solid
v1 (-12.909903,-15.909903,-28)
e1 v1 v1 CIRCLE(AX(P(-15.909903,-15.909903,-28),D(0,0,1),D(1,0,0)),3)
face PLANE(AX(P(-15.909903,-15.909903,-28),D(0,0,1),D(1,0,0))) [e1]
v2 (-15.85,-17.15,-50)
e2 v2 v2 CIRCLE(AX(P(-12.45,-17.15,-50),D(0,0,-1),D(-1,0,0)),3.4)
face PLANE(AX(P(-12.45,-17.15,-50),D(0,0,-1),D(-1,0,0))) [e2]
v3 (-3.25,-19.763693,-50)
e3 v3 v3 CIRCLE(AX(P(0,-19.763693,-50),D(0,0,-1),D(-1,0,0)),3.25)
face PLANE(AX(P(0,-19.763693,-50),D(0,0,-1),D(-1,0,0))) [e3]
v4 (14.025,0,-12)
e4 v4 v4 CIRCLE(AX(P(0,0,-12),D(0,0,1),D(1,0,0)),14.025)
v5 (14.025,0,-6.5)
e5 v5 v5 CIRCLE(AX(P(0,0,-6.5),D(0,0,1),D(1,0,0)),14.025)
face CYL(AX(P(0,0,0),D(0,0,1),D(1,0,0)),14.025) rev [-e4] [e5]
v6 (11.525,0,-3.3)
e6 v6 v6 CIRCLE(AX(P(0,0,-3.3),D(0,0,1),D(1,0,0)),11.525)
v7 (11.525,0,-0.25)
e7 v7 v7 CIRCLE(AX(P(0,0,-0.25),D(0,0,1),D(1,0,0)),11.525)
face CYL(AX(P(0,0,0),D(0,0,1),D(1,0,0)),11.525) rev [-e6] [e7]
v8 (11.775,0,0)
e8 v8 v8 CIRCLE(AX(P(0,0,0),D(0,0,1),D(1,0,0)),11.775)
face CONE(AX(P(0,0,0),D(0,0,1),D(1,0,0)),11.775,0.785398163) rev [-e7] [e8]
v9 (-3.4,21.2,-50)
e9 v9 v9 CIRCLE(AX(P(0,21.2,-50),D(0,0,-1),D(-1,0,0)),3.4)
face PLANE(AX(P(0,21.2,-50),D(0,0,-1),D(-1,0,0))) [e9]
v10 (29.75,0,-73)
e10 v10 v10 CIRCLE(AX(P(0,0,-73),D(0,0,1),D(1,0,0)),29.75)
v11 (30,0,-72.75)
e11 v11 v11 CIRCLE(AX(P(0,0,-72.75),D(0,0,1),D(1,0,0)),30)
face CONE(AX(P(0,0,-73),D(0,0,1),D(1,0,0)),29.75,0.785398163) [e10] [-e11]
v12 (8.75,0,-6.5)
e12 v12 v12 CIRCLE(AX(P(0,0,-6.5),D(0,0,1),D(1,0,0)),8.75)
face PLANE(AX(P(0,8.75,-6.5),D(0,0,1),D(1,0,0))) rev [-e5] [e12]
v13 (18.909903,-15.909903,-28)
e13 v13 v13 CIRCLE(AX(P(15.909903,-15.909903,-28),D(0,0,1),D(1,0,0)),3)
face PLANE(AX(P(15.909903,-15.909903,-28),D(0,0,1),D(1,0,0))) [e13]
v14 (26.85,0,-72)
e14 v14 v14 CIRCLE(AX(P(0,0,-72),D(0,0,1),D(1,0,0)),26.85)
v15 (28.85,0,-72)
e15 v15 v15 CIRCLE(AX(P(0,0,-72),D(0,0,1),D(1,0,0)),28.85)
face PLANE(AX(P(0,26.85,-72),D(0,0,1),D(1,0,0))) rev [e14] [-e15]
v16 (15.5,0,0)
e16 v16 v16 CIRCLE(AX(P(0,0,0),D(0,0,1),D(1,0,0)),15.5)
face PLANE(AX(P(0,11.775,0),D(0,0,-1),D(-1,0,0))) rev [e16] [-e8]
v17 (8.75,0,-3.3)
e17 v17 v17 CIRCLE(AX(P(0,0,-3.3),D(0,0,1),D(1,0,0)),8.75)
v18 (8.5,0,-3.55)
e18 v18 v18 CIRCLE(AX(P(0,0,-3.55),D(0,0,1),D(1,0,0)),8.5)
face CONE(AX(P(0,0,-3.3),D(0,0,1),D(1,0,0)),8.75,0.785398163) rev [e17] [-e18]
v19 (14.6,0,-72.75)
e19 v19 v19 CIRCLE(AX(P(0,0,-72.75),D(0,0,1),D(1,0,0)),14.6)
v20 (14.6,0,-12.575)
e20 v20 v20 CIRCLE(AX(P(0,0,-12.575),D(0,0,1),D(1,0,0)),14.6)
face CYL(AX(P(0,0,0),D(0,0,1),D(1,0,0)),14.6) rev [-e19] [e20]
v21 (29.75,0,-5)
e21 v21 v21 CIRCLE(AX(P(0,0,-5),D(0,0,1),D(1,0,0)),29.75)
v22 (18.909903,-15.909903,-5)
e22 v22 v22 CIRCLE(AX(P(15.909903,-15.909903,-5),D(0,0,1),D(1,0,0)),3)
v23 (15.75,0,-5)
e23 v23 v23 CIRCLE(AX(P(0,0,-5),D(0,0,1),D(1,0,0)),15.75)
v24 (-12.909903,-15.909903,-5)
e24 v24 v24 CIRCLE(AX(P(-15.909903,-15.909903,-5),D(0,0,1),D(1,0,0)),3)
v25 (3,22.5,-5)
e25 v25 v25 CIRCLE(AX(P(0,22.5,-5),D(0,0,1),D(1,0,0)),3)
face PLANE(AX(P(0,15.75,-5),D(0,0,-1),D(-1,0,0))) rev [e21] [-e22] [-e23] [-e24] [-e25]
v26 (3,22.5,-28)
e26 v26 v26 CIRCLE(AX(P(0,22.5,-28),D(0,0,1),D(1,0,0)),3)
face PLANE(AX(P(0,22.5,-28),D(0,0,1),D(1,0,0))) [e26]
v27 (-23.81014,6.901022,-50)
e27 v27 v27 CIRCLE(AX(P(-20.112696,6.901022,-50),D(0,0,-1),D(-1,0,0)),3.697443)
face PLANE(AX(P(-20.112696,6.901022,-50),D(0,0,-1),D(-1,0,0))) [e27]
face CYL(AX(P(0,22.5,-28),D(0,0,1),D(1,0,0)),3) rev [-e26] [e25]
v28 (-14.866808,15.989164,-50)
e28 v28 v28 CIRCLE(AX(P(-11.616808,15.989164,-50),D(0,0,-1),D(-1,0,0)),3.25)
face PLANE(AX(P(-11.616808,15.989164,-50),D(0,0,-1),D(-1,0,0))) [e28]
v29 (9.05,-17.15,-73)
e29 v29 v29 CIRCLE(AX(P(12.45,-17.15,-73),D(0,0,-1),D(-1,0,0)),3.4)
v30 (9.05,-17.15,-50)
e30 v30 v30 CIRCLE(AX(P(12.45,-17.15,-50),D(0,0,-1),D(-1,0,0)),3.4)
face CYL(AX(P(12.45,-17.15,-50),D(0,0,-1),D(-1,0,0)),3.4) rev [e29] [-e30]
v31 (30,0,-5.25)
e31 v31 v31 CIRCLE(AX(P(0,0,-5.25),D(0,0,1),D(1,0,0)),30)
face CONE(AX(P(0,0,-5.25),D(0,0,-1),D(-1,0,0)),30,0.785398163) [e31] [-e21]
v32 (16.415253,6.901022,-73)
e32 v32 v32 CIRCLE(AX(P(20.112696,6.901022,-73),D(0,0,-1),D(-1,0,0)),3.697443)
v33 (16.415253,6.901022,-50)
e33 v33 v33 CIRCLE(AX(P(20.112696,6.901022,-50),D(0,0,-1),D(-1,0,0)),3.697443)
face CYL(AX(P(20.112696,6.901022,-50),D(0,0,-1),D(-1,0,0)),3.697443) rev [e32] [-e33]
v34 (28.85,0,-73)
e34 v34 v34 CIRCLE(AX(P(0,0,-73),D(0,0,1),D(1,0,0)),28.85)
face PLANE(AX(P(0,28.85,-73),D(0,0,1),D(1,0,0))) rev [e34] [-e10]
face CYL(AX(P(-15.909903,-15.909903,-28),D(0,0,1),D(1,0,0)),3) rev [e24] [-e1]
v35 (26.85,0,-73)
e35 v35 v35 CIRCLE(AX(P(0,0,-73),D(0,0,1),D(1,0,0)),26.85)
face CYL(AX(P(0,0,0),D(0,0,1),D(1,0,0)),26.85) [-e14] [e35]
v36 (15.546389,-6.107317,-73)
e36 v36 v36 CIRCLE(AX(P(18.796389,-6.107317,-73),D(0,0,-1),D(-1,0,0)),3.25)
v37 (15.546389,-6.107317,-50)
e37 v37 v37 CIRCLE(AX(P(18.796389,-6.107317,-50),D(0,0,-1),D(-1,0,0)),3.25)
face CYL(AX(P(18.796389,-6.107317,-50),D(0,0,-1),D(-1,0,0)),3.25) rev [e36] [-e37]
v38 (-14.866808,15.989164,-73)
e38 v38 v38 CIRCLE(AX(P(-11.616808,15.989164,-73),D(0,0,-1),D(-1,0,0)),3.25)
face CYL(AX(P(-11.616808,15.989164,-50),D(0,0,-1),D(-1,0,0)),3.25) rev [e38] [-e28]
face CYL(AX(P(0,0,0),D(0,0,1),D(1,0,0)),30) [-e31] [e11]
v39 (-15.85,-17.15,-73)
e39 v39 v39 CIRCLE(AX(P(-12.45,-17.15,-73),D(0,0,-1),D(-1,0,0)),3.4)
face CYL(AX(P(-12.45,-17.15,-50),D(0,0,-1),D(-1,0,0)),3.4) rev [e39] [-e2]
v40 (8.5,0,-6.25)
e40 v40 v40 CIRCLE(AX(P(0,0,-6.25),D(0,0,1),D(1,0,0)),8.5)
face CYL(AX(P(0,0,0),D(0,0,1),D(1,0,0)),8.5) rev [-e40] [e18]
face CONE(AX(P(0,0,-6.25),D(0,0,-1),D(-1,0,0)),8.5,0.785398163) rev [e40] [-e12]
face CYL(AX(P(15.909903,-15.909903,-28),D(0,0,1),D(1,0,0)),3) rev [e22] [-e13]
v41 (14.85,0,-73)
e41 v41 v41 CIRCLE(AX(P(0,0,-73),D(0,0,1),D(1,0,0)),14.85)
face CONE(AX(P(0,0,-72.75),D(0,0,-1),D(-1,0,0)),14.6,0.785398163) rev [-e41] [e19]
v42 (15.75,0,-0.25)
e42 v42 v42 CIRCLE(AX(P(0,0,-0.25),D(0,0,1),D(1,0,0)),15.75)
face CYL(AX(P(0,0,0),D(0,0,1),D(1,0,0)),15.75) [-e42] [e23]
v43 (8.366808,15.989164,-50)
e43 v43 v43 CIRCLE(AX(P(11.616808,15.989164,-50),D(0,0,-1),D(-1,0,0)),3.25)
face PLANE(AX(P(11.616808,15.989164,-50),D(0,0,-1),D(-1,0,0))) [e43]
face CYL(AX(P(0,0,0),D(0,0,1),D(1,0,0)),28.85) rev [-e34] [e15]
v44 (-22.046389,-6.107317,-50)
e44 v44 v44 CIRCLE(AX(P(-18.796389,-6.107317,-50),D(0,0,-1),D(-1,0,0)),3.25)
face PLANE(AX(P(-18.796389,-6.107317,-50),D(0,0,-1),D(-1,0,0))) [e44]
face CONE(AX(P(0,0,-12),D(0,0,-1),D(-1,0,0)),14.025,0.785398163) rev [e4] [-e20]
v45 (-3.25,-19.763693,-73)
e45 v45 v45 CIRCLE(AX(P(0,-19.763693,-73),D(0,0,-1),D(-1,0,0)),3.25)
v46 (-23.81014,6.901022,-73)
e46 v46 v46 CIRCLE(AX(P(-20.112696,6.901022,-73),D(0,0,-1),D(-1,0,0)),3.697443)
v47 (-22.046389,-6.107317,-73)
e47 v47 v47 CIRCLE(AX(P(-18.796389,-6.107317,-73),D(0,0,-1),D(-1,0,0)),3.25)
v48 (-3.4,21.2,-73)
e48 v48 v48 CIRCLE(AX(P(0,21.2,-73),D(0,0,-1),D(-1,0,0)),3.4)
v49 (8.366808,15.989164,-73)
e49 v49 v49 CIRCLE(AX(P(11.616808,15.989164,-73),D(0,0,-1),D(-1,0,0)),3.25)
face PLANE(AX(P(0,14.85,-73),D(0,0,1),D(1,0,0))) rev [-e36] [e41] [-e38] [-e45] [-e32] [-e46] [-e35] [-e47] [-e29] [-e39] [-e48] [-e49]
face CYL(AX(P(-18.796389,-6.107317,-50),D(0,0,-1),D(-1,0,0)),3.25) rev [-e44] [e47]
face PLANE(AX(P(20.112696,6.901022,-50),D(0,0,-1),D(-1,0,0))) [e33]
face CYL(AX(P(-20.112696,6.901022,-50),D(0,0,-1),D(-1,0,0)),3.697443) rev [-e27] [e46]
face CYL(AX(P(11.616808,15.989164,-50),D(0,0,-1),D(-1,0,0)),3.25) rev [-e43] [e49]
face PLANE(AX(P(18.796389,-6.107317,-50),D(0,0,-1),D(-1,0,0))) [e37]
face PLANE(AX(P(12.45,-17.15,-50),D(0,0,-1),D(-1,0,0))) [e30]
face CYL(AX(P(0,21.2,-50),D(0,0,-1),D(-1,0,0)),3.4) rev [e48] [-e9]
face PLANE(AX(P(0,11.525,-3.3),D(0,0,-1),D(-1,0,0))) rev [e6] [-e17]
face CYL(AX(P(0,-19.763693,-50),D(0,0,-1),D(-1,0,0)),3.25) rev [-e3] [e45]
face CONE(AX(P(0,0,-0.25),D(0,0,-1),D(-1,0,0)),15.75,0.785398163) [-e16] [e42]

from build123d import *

# Parameters (mm, degrees)
SKETCH2_R          = 3
CUT_EXTRUDE1_DEPTH = 23
SKETCH3_R          = 3.25
SKETCH3_R_2        = 3.4
SKETCH3_R_3        = 3.697443322
CUT_EXTRUDE2_DEPTH = 23


with BuildPart() as part:
    # Sketch1 → Revolve1 (revolve)
    with BuildSketch(Plane(origin=(0, 0, 0), x_dir=(0, 0, -1), z_dir=(1, 0, 0)), mode=Mode.PRIVATE) as revolve1_sk:
        Polygon((0.25, 15.75), (5, 15.75), (5, 29.75), (5.25, 30), (72.75, 30), (73, 29.75), (73, 28.85), (72, 28.85), (72, 26.85), (73, 26.85), (73, 14.85), (72.75, 14.6), (12.575, 14.6), (12, 14.025), (6.5, 14.025), (6.5, 8.75), (6.25, 8.5), (3.55, 8.5), (3.3, 8.75), (3.3, 11.525), (0.25, 11.525), (0, 11.775), (0, 15.5), align=None)
    revolve(revolve1_sk.sketch.rotate(Axis((0, 0, 0), (0, 0, -1)), 90), axis=Axis((0, 0, 0), (0, 0, -1)))

    # Sketch2 → Cut-Extrude1 (cut)
    with BuildSketch(Plane.XY.offset(-5)):
        with Locations((15.909902577, -15.909902577)):
            Circle(SKETCH2_R)
        with Locations((-15.909902577, -15.909902577)):
            Circle(SKETCH2_R)
        with Locations((0, 22.5)):
            Circle(SKETCH2_R)
    extrude(amount=-CUT_EXTRUDE1_DEPTH, mode=Mode.SUBTRACT)

    # Sketch3 → Cut-Extrude2 (cut)
    with BuildSketch(Plane(origin=(0, 0, -73), x_dir=(-1, 0, 0), z_dir=(0, 0, -1))):
        with Locations((0, -19.763693495)):
            Circle(SKETCH3_R)
        with Locations((-18.796389484, -6.107317162)):
            Circle(SKETCH3_R)
        with Locations((-11.616807567, 15.989163909)):
            Circle(SKETCH3_R)
        with Locations((11.616807567, 15.989163909)):
            Circle(SKETCH3_R)
        with Locations((18.796389484, -6.107317162)):
            Circle(SKETCH3_R)
        with Locations((0, 21.2)):
            Circle(SKETCH3_R_2)
        with Locations((-12.45, -17.15)):
            Circle(SKETCH3_R_2)
        with Locations((12.45, -17.15)):
            Circle(SKETCH3_R_2)
        with Locations((-20.112696309, 6.901022254)):
            Circle(SKETCH3_R_3)
        with Locations((20.112696309, 6.901022254)):
            Circle(SKETCH3_R_3)
    extrude(amount=-CUT_EXTRUDE2_DEPTH, mode=Mode.SUBTRACT)


solid = part.part
